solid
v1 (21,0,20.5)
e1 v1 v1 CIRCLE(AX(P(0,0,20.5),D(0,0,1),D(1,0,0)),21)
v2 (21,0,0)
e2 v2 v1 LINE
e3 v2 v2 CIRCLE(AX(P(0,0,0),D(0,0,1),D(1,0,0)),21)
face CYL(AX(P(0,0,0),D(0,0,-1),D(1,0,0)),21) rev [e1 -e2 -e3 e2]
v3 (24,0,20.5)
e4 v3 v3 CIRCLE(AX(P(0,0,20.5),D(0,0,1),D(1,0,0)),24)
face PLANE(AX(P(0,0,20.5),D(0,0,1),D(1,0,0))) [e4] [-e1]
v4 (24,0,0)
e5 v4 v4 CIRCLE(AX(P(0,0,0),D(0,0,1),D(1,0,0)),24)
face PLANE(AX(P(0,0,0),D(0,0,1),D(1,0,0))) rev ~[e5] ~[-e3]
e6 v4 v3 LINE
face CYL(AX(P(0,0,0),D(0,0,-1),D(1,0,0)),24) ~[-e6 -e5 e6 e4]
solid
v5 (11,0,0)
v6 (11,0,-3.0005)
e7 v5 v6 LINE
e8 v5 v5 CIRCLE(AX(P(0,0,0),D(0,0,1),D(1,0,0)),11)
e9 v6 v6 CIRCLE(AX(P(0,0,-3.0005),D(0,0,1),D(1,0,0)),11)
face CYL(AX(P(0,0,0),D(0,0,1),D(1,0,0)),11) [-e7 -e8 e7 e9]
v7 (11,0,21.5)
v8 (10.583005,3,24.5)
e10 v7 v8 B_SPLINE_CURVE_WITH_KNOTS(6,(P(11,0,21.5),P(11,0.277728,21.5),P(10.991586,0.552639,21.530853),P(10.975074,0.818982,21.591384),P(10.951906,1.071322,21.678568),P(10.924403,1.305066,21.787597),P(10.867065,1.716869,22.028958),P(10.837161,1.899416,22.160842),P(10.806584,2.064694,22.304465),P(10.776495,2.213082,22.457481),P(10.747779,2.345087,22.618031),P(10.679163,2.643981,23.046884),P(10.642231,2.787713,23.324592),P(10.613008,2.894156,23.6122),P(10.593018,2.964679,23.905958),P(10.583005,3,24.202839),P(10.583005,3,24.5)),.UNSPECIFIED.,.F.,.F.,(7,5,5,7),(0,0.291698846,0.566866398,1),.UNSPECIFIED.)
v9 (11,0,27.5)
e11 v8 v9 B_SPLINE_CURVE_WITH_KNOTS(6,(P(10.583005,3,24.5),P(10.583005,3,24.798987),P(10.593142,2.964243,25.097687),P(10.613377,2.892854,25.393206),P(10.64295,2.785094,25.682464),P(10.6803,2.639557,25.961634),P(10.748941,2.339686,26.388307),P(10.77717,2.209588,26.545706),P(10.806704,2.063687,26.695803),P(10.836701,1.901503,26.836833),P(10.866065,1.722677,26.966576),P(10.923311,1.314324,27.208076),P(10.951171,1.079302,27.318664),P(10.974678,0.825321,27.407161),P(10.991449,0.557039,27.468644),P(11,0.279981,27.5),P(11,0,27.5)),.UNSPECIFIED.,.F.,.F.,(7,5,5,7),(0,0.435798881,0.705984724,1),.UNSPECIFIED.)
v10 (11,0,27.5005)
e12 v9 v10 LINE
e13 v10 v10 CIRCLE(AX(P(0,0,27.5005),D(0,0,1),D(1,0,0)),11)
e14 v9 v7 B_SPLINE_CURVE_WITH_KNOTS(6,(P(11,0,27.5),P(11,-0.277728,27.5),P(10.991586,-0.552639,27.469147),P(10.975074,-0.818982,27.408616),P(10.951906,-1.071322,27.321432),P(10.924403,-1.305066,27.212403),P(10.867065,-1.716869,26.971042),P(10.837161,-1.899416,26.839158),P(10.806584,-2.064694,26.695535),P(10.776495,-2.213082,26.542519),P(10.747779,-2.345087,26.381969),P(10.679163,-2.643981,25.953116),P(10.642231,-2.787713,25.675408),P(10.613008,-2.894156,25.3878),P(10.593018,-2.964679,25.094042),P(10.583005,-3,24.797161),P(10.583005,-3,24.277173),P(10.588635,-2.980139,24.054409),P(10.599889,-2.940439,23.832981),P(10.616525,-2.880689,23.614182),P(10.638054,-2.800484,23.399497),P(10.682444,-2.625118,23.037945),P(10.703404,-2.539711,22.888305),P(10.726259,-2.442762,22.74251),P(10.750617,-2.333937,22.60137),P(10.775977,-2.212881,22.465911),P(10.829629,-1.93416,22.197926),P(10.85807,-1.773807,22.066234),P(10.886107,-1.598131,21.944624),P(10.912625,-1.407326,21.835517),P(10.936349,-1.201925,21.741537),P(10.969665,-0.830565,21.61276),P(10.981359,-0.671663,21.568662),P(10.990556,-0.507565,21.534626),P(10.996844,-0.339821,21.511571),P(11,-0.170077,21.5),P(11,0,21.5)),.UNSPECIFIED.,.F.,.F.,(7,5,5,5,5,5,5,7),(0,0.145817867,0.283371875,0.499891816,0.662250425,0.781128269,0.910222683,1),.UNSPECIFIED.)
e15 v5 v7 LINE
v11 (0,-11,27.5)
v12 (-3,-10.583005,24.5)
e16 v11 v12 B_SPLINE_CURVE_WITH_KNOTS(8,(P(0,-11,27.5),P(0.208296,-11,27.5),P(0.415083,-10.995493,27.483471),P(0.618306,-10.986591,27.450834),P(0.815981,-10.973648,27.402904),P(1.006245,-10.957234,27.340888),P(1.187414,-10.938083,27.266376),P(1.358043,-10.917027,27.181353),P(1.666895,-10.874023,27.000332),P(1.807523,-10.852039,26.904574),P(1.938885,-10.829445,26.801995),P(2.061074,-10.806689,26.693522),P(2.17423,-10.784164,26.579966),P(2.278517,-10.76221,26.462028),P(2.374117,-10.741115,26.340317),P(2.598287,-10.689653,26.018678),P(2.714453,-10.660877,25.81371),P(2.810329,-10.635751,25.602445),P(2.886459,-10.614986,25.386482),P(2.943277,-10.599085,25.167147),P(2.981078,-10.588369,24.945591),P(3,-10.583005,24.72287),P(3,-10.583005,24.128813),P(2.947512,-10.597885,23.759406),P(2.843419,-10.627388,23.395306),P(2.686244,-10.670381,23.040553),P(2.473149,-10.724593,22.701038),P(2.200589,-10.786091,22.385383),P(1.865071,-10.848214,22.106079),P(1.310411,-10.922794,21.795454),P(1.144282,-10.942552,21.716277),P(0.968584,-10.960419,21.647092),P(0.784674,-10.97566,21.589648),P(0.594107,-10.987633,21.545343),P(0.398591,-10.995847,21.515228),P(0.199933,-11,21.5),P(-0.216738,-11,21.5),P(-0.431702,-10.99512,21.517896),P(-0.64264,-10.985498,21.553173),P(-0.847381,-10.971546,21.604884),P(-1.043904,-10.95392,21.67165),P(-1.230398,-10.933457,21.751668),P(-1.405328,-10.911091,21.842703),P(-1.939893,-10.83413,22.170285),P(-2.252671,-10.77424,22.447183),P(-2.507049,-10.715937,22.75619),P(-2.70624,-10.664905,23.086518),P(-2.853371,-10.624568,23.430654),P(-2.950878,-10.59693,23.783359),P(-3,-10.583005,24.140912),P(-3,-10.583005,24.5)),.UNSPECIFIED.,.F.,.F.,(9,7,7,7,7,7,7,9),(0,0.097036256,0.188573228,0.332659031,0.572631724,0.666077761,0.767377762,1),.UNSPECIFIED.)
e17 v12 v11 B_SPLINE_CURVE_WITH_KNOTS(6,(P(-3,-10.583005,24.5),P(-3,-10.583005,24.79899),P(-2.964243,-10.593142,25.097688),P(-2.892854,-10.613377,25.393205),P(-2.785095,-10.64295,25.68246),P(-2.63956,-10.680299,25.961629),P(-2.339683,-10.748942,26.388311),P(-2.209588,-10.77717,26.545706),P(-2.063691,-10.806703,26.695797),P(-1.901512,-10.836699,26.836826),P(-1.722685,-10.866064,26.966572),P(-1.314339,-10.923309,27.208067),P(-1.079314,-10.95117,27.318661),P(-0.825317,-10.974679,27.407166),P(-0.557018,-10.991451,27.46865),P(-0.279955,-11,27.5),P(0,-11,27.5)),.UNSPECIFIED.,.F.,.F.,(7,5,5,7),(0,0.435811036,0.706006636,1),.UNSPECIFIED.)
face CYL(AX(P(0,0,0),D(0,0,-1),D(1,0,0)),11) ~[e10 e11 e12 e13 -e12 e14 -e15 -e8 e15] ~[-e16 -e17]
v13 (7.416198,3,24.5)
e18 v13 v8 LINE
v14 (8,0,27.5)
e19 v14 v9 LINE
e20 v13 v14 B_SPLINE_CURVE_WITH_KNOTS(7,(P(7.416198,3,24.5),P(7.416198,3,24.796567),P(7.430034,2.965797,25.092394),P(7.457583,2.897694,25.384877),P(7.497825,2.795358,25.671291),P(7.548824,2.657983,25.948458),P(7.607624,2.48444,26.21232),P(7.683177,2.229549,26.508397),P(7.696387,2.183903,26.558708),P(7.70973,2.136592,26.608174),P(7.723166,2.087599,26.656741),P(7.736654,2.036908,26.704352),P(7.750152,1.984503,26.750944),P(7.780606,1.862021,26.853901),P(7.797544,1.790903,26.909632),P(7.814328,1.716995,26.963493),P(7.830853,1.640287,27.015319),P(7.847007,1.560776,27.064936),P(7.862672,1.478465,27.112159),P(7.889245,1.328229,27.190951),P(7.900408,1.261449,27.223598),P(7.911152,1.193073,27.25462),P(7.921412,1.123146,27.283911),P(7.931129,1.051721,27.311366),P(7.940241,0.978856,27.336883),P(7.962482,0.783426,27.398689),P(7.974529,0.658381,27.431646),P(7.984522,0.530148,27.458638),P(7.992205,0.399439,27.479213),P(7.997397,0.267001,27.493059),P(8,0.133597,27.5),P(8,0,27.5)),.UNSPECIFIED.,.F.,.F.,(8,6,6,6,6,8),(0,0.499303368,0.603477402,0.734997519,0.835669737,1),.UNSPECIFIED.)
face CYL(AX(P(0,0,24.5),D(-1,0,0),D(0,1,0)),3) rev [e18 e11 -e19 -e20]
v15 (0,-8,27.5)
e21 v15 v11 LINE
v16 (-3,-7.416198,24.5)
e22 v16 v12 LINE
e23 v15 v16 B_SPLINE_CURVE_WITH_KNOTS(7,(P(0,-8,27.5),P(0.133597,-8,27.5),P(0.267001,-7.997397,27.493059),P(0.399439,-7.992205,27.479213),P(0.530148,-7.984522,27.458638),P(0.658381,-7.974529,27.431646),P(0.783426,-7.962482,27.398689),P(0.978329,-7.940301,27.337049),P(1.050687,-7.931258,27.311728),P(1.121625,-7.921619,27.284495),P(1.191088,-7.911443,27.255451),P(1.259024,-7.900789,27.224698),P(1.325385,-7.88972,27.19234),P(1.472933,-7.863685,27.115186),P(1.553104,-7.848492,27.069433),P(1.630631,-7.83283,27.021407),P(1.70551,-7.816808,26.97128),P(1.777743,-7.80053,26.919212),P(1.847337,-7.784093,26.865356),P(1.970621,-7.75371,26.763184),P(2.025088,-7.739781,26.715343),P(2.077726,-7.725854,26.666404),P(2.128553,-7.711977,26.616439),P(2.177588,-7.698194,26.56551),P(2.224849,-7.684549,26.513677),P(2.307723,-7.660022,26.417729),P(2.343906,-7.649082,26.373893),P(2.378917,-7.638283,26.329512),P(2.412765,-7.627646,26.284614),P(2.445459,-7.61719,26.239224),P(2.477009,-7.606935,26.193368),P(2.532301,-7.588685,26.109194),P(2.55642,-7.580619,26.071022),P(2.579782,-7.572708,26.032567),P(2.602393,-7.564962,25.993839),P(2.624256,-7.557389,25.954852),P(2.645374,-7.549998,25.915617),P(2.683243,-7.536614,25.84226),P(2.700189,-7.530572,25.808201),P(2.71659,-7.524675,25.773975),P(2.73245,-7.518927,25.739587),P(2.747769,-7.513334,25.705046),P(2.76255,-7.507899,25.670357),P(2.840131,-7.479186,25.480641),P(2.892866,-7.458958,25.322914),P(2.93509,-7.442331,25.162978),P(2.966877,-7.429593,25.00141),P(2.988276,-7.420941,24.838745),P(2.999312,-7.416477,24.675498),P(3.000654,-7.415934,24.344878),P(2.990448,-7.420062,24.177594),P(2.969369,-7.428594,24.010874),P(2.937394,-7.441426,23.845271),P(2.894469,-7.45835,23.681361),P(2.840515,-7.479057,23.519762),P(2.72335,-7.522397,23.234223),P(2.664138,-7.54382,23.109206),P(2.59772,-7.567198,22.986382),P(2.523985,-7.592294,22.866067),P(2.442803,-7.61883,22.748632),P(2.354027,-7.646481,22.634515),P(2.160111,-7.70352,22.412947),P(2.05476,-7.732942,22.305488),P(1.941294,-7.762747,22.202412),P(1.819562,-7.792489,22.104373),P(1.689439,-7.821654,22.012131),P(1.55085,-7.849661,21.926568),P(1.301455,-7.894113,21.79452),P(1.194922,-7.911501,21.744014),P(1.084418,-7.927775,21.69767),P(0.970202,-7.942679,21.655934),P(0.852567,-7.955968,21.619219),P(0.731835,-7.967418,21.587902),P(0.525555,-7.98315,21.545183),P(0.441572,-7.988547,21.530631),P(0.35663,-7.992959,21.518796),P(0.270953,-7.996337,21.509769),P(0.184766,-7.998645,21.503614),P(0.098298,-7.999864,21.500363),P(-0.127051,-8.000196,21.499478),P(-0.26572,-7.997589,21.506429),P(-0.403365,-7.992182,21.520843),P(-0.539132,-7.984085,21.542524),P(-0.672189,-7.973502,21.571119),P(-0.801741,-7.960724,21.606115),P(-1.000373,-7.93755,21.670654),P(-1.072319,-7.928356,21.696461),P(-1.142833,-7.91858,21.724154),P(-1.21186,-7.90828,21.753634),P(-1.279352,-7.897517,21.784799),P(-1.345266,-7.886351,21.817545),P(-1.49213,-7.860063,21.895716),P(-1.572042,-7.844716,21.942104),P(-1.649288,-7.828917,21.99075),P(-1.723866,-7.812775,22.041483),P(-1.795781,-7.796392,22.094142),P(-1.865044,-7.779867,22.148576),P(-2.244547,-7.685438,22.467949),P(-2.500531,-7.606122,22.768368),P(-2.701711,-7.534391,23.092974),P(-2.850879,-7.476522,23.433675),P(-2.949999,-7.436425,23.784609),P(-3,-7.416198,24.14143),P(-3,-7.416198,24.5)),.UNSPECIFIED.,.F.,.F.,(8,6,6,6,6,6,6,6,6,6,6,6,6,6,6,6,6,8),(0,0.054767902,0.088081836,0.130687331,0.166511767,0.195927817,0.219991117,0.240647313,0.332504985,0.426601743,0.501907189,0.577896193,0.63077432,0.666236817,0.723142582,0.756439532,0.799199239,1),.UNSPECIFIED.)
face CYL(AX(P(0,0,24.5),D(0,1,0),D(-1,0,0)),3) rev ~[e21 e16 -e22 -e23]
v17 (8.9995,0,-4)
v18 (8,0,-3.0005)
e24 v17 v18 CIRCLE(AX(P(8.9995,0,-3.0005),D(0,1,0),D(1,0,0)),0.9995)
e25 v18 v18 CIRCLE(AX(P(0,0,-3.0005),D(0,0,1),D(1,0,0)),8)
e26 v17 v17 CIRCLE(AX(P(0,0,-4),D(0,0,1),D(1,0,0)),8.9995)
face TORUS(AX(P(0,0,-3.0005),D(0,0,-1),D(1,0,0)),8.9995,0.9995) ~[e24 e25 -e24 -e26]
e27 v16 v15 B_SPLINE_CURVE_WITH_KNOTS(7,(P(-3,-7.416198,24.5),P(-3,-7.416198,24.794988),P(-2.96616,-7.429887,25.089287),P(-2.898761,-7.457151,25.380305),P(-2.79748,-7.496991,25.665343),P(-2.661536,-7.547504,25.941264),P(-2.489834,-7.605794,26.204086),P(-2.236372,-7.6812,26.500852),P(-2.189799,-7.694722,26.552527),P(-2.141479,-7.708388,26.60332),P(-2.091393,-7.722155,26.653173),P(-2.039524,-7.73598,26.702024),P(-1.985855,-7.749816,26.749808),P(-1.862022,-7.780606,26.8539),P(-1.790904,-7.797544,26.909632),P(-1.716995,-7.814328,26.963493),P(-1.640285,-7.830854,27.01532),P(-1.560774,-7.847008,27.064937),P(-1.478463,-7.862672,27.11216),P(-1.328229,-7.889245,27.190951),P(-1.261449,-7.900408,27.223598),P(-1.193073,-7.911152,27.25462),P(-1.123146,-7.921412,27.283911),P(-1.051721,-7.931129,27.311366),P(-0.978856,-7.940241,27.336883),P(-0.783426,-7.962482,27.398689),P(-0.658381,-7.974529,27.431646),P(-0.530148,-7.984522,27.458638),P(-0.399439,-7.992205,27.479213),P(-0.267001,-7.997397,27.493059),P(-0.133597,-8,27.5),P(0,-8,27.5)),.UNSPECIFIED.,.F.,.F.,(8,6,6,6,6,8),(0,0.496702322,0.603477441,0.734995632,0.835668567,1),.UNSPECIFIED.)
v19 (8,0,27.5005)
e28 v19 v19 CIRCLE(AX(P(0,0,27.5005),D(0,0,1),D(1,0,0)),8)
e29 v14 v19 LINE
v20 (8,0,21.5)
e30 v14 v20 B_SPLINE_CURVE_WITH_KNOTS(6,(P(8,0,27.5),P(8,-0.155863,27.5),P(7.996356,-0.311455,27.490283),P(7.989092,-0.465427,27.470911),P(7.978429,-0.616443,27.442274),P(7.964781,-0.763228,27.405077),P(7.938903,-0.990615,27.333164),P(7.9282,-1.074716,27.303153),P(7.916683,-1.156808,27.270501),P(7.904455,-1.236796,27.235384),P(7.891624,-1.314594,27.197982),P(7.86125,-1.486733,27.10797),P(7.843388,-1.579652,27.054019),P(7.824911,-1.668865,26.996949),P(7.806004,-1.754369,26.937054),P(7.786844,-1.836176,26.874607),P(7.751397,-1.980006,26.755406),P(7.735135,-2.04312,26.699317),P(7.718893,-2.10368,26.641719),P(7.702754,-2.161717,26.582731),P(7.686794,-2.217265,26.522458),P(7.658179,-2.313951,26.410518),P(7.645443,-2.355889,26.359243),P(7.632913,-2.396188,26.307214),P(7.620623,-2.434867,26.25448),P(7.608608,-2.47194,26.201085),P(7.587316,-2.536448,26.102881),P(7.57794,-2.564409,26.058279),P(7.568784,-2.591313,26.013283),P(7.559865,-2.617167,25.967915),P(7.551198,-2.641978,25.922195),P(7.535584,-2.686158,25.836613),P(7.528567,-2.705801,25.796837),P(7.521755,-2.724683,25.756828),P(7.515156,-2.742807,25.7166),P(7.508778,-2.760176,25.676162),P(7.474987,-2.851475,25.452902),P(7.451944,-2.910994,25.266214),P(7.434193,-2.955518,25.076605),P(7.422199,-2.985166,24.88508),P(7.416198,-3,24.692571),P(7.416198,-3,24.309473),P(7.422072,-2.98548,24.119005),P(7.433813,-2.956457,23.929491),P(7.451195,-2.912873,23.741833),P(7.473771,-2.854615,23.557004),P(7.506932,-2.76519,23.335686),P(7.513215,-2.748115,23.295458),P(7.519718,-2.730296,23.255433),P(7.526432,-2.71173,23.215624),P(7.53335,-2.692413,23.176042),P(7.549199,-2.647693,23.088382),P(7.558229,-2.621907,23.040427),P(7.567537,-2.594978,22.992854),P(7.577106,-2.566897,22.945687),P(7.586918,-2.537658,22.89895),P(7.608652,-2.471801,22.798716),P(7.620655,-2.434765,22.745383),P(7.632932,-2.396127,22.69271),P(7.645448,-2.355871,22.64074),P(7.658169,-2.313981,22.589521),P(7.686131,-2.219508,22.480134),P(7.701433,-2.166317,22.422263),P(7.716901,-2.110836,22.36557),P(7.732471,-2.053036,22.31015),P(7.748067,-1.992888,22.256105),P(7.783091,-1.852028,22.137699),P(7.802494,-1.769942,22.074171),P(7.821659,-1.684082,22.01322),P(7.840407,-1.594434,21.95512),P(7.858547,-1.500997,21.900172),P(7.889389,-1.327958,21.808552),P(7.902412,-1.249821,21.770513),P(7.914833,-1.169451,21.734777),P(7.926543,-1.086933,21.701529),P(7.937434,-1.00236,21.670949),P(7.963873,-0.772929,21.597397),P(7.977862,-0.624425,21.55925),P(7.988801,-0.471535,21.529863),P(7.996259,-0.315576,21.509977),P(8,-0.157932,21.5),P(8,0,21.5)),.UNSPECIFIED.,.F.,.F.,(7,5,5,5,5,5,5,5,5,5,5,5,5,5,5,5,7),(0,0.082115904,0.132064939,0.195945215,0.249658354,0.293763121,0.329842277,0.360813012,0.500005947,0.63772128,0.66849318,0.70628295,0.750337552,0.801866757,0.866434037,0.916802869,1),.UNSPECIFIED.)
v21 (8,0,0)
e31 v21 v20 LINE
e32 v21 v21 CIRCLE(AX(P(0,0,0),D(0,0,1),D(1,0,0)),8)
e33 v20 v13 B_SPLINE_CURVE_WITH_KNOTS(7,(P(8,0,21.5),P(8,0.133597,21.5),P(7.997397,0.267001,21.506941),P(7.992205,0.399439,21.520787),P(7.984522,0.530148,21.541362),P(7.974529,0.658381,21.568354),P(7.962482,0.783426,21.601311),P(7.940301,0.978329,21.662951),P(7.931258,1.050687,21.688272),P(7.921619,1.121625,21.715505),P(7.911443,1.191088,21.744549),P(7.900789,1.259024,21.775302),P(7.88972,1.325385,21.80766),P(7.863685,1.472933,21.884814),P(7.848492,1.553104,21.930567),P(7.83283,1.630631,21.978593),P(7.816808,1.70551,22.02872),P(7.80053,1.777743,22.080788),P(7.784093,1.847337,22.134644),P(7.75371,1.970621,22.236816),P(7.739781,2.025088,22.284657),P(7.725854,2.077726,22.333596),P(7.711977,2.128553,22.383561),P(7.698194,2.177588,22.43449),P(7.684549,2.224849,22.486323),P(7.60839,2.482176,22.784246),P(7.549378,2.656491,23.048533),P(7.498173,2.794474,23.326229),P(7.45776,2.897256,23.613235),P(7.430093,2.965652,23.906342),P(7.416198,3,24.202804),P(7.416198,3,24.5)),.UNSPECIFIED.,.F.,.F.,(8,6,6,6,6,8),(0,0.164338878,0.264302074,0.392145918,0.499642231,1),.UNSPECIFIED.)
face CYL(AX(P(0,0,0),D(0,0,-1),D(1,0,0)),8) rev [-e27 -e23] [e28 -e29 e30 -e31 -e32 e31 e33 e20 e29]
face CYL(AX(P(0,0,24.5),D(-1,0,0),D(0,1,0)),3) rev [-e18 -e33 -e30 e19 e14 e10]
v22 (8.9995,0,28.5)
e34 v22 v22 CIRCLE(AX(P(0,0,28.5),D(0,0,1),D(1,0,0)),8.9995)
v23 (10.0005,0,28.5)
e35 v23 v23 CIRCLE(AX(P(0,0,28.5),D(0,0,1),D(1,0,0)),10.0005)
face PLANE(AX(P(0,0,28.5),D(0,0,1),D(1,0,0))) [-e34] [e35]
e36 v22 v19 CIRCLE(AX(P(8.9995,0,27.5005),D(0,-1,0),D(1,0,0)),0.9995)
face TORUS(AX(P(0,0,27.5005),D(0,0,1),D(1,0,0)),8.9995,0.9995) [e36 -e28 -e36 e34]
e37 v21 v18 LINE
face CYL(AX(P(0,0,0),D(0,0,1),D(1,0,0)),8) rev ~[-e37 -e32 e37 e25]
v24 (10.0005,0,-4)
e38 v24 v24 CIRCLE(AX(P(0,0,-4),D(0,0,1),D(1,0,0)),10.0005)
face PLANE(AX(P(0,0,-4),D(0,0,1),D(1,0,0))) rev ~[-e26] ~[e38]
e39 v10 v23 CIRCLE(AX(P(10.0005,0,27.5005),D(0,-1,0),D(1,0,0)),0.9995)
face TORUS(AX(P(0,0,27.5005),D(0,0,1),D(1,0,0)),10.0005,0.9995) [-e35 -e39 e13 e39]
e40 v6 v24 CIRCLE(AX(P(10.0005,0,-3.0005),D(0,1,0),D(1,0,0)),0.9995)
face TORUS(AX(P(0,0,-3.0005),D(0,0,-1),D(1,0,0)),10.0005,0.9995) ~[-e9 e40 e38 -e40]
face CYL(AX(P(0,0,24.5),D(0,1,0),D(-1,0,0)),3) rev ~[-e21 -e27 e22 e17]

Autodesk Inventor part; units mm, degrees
ref_plane "YZ Plane" through (0, 0, 0) normal (1, 0, 0) x (0, 1, 0)
ref_plane "XZ Plane" through (0, 0, 0) normal (0, 1, 0) x (-1, 0, 0)
ref_plane "XY Plane" through (0, 0, 0) normal (0, 0, 1) x (1, 0, 0)
sketch "Sketch1" plane through (0, 0, 0) normal (0, 0, 1) x (1, 0, 0)
  circle A0 centre (0, 0) radius 24
  circle A1 centre (0, 0) radius 21
  circle A2 centre (0, 0) radius 8
  circle A3 centre (0, 0) radius 11
  dimension "d0" = 48
  dimension "d1" = 3
  dimension "d2" = 16
  dimension "d3" = 3
extrude "Extrusion1" add sketch "Sketch1" along normal blind 20.5 contours A0
extrude "Extrusion2" add sketch "Sketch1" along normal blind 28.5 and the other way blind 4 contours A3
sketch "Sketch2" plane through (0, 0, 0) normal (0, 1, 0) x (-1, 0, 0)
  line L0 (-11, -4) -> (-11, 28.5) projected
  line L1 (-8, 28.5) -> (8, 28.5) projected
  line L2 (0, 28.5) -> (0, 24.5)
  circle A0 centre (0, 24.5) radius 3
  point P0 (0, 0)
  dimension "d10" = 4
  dimension "d11" = 6
extrude "Extrusion3" cut sketch "Sketch2" against normal blind 28.5
sketch "Sketch3" plane through (0, 0, 0) normal (1, 0, 0) x (0, 1, 0)
  line L0 (-8, 28.5) -> (8, 28.5) projected
  line L1 (0, 28.5) -> (0, 24.5)
  circle A0 centre (0, 24.5) radius 3
  point P0 (0, 0)
  dimension "d14" = 4
  dimension "d15" = 6
extrude "Extrusion4" cut sketch "Sketch3" along normal blind 28.5
fillet "Fillet1" radius 1 4 edges at (-11, 0, 28.5) (-8, 0, 28.5) (-11, 0, -4) (-8, 0, -4)
properties part number "2"
